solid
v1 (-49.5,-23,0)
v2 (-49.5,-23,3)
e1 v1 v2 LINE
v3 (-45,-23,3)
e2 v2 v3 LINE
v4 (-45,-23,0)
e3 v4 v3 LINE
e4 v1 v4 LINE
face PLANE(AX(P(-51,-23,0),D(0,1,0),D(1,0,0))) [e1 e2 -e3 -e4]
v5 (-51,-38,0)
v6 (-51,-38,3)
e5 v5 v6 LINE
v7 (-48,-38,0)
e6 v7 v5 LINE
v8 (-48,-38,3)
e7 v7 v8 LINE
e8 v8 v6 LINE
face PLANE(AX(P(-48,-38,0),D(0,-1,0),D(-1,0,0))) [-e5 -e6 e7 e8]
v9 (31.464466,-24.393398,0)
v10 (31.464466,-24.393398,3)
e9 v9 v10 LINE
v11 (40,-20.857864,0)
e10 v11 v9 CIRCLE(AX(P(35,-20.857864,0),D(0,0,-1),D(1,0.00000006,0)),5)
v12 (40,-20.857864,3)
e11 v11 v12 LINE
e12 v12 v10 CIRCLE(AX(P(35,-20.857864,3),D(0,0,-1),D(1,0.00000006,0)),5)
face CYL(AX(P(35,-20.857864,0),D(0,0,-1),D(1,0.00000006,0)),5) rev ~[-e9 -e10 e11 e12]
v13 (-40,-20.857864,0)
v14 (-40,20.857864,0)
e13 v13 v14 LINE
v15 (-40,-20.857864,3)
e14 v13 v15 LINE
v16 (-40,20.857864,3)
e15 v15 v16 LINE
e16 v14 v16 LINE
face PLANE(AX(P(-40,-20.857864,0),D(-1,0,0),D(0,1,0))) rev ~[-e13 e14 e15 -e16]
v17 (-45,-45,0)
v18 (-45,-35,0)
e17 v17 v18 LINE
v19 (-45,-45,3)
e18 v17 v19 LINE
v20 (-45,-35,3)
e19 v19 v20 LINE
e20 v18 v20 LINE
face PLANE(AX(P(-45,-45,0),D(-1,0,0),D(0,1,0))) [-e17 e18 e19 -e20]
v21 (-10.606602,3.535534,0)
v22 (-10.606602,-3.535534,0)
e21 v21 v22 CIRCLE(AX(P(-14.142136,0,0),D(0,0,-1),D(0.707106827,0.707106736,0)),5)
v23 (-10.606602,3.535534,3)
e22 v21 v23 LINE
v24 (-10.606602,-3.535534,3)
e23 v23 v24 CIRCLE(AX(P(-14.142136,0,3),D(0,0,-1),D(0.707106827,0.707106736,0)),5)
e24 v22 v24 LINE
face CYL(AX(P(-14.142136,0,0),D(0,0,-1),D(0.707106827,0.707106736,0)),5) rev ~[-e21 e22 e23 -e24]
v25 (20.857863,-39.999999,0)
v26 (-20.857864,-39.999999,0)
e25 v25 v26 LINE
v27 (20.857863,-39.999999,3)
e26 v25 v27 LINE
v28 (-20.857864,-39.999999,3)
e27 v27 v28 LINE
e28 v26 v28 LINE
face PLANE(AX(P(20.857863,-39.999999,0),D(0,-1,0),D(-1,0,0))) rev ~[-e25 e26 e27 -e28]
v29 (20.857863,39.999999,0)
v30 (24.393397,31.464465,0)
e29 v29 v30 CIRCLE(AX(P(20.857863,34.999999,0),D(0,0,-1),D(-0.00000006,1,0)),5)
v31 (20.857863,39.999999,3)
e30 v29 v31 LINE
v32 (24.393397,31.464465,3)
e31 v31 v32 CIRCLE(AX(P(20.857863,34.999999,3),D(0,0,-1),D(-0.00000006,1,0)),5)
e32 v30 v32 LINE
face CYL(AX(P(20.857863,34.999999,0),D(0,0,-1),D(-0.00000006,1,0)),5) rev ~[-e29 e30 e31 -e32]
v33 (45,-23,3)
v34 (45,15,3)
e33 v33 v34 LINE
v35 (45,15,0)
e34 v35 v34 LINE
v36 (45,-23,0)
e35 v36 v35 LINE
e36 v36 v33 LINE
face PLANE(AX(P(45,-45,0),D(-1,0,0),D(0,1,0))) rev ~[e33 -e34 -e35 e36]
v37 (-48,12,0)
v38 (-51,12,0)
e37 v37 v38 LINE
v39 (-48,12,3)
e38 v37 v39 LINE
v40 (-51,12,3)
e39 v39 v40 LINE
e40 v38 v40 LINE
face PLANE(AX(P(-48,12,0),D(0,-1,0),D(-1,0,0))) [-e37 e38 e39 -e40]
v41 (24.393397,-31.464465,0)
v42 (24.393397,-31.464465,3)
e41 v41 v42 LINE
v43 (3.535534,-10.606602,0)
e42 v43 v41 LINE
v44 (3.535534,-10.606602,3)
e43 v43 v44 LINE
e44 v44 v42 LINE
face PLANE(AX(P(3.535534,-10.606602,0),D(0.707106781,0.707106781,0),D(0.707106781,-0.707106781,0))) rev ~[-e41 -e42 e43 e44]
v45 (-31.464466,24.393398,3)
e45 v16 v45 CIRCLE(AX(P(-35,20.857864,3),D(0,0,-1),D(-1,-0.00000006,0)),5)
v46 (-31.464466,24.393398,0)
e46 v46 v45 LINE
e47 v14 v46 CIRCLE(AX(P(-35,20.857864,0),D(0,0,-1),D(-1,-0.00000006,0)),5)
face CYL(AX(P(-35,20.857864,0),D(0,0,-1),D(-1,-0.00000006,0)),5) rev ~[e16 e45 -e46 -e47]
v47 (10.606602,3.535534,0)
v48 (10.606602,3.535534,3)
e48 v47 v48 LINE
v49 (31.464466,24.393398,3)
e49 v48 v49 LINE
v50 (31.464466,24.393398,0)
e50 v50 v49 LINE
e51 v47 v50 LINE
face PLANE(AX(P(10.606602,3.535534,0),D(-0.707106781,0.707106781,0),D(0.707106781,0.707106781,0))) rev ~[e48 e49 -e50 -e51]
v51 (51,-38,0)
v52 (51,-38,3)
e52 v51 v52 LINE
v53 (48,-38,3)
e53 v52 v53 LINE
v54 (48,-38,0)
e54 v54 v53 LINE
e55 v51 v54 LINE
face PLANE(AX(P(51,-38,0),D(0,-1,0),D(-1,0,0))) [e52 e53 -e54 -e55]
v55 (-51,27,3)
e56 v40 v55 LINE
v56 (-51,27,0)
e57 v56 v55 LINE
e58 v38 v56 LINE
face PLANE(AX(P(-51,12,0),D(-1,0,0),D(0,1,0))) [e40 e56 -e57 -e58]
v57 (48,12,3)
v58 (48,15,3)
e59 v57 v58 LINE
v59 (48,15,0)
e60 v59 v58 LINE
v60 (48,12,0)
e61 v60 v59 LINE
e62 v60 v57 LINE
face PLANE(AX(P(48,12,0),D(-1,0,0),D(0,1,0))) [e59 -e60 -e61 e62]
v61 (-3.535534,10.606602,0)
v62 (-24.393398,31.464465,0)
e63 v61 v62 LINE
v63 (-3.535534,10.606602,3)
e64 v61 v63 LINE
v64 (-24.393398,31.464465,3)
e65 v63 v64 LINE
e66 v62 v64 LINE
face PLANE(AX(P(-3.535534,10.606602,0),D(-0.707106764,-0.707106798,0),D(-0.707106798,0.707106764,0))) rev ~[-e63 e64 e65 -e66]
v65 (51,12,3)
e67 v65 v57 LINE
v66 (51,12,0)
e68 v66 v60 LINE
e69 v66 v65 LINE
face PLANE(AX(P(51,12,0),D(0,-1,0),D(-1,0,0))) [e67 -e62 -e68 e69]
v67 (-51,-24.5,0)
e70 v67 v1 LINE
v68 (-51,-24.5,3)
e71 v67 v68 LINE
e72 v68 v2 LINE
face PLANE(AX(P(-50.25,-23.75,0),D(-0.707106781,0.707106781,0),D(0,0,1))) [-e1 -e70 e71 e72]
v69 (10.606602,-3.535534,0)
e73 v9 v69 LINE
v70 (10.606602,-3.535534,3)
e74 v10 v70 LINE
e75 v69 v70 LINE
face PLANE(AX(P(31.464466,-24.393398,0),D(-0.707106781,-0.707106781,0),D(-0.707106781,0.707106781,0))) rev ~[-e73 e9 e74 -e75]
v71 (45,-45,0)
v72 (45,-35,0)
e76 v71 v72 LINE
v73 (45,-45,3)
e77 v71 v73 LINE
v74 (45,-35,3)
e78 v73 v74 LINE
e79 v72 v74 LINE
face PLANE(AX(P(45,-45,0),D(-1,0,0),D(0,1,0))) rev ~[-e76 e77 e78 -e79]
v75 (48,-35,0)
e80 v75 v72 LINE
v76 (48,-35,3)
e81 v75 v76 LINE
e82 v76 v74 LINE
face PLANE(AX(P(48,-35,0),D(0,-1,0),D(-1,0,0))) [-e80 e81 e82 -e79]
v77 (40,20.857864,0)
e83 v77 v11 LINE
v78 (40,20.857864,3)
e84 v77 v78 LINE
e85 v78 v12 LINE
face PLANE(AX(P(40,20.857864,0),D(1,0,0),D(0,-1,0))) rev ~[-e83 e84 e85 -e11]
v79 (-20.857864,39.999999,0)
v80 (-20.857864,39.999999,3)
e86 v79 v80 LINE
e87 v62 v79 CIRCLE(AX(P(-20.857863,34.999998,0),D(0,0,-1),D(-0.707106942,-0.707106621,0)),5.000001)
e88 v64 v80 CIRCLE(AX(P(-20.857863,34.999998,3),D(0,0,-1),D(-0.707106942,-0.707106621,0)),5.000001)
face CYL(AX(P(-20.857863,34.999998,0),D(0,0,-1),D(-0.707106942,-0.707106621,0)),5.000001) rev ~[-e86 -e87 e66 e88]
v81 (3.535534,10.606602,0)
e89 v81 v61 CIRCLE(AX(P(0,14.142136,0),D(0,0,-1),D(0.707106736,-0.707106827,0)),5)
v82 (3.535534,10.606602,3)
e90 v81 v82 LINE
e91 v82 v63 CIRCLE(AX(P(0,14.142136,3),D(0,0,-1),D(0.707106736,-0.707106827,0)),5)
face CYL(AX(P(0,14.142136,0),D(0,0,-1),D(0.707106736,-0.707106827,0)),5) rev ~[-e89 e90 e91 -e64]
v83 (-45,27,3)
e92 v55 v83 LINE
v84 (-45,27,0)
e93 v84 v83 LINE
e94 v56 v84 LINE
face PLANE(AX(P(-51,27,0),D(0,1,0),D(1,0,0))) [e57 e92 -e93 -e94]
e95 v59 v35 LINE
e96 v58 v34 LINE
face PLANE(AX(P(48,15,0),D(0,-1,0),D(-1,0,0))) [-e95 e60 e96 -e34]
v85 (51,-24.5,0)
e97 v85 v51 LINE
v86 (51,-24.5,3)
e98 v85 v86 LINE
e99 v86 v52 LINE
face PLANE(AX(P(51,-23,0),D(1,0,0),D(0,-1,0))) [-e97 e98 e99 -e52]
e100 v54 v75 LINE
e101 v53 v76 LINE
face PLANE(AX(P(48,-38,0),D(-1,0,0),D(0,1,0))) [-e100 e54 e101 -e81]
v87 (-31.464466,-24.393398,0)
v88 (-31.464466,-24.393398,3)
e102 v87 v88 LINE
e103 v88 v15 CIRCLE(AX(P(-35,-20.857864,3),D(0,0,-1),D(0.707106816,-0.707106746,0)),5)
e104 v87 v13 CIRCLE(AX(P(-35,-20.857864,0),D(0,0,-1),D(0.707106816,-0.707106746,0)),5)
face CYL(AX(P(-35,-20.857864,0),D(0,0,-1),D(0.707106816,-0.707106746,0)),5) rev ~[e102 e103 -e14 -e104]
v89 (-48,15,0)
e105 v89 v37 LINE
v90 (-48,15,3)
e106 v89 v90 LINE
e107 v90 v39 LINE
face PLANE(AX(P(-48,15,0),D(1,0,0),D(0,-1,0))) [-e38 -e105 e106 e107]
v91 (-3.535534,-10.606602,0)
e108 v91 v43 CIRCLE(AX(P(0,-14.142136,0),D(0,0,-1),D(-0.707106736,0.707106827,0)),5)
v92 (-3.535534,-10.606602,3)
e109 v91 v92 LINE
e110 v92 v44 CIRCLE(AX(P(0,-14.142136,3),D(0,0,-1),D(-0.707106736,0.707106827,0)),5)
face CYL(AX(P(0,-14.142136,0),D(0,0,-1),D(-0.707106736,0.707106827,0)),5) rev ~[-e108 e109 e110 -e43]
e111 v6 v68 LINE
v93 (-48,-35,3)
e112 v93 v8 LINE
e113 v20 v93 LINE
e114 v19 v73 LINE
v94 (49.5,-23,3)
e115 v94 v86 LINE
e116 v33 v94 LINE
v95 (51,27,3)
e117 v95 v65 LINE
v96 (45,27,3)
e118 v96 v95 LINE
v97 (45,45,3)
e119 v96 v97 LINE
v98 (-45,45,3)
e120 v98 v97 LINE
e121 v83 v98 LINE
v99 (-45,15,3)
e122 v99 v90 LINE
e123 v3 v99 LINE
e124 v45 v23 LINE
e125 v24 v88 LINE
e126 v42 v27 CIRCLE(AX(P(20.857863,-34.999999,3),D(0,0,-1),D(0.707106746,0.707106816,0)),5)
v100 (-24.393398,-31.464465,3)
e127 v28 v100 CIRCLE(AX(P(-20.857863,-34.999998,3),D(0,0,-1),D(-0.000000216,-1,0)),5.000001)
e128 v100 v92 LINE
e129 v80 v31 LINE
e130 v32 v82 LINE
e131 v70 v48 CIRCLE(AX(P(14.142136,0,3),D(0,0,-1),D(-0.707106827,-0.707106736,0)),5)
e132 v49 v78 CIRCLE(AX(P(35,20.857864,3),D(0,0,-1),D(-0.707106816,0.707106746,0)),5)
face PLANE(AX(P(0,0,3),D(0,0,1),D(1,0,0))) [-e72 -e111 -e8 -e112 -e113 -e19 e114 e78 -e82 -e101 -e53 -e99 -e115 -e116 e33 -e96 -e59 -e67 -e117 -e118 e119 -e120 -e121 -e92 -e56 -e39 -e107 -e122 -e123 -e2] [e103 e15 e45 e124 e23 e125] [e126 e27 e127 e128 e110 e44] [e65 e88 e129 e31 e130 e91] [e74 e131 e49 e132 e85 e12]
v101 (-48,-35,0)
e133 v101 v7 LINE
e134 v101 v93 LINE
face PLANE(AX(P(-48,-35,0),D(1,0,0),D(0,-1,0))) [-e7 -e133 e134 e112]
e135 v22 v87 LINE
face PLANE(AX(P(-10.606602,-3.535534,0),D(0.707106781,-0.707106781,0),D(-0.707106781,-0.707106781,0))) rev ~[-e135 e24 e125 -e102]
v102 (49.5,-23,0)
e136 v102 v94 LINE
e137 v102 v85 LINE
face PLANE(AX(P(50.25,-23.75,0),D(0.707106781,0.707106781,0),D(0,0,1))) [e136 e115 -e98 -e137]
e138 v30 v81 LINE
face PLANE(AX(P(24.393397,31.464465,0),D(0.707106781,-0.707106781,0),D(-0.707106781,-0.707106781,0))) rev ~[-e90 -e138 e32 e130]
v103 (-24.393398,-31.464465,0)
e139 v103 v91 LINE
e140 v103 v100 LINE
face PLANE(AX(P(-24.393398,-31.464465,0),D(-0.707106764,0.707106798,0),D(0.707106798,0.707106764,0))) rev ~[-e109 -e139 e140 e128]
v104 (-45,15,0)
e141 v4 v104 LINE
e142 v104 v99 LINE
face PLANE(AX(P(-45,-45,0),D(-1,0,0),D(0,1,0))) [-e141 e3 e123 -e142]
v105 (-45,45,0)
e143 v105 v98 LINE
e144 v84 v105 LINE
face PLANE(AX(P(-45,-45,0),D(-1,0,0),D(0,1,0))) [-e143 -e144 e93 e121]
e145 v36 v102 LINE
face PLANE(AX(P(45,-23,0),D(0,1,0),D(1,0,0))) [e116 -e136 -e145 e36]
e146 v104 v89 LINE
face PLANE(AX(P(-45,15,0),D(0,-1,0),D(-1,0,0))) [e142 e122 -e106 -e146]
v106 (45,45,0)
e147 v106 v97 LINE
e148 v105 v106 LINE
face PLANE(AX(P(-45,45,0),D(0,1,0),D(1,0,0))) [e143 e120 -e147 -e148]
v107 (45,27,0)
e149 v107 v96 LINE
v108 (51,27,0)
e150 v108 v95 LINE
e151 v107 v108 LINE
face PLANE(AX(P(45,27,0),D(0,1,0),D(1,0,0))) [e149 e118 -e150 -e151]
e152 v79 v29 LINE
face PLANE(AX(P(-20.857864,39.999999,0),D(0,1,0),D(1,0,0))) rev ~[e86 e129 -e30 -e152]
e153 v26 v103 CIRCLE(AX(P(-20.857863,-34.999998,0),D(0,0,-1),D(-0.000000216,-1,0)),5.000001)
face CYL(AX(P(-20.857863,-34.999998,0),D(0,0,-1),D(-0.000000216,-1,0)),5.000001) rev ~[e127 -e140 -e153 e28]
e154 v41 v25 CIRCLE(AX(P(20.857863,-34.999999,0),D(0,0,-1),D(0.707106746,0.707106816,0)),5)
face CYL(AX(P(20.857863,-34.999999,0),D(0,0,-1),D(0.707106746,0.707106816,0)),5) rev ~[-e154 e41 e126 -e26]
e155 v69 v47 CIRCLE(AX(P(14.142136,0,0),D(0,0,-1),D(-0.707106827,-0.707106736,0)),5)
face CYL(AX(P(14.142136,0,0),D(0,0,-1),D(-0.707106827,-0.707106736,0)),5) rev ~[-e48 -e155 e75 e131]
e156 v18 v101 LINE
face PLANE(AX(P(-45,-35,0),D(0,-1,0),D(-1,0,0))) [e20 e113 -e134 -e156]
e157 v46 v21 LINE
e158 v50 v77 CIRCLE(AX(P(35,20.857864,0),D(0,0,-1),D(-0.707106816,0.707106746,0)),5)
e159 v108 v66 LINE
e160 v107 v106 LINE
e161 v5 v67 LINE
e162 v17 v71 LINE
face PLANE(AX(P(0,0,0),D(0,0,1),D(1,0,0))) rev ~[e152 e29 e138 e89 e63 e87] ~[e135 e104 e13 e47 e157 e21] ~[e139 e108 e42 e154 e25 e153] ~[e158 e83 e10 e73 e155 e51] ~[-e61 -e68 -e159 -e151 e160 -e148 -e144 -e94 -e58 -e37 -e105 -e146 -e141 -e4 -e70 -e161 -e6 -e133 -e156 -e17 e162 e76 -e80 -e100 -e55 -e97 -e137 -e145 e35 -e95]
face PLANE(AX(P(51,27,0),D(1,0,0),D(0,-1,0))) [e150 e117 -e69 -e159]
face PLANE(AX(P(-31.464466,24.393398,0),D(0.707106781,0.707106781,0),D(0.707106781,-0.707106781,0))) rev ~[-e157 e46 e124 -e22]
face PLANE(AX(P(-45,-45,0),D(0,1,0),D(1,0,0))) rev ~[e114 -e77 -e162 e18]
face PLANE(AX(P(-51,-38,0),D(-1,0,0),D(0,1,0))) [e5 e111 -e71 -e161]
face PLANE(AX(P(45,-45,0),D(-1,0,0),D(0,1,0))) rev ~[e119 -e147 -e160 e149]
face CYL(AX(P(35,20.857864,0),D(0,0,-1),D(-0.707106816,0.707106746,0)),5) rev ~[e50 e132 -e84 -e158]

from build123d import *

# Parameters (mm, degrees)
F0_W     = 90
F0_H     = 90
F1_DEPTH = 3
F3_DEPTH = 3
F4_SIZE  = 1.5


with BuildPart() as f1:
    # F0 (on Top) → F1 (new body)
    with BuildSketch(Plane.XY):
        Rectangle(F0_W, F0_H)
        with BuildLine():
            Line((3.535534, -10.606602), (24.393397, -31.464465))
            ThreePointArc((24.393397, -31.464465), (25.477261, -36.913416), (20.857863, -39.999999))
            Line((20.857863, -39.999999), (-20.857864, -39.999999))
            ThreePointArc((-20.857864, -39.999999), (-25.477261, -36.913416), (-24.393398, -31.464465))
            Line((-24.393398, -31.464465), (-3.535534, -10.606602))
            ThreePointArc((-3.535534, -10.606602), (0, -9.142136), (3.535534, -10.606602))
        make_face(mode=Mode.SUBTRACT)
        with BuildLine():
            ThreePointArc((-40, 20.857864), (-36.913417, 25.477262), (-31.464466, 24.393398))
            Line((-31.464466, 24.393398), (-10.606602, 3.535534))
            ThreePointArc((-10.606602, 3.535534), (-9.142136, 0), (-10.606602, -3.535534))
            Line((-10.606602, -3.535534), (-31.464466, -24.393398))
            ThreePointArc((-31.464466, -24.393398), (-36.913417, -25.477262), (-40, -20.857864))
            Line((-40, -20.857864), (-40, 20.857864))
        make_face(mode=Mode.SUBTRACT)
        with BuildLine():
            ThreePointArc((20.857863, 39.999999), (25.477261, 36.913416), (24.393397, 31.464465))
            Line((24.393397, 31.464465), (3.535534, 10.606602))
            ThreePointArc((3.535534, 10.606602), (0, 9.142136), (-3.535534, 10.606602))
            Line((-3.535534, 10.606602), (-24.393398, 31.464465))
            ThreePointArc((-24.393398, 31.464465), (-25.477261, 36.913416), (-20.857864, 39.999999))
            Line((-20.857864, 39.999999), (20.857863, 39.999999))
        make_face(mode=Mode.SUBTRACT)
        with BuildLine():
            Line((10.606602, 3.535534), (31.464466, 24.393398))
            ThreePointArc((31.464466, 24.393398), (36.913417, 25.477262), (40, 20.857864))
            Line((40, 20.857864), (40, -20.857864))
            ThreePointArc((40, -20.857864), (36.913417, -25.477262), (31.464466, -24.393398))
            Line((31.464466, -24.393398), (10.606602, -3.535534))
            ThreePointArc((10.606602, -3.535534), (9.142136, 0), (10.606602, 3.535534))
        make_face(mode=Mode.SUBTRACT)
    extrude(amount=F1_DEPTH)

    # F2 (on face) → F3 (join, through all)
    with BuildSketch(Plane(origin=(0, 0, 0), x_dir=(1, 0, 0), z_dir=(0, 0, -1))):
        Polygon((45, -15), (45, -27), (51, -27), (51, -12), (48, -12), (48, -15), align=None)
        Polygon((45, 35), (45, 23), (51, 23), (51, 38), (48, 38), (48, 35), align=None)
        Polygon((-45, -15), (-48, -15), (-48, -12), (-51, -12), (-51, -27), (-45, -27), align=None)
        Polygon((-45, 23), (-45, 35), (-48, 35), (-48, 38), (-51, 38), (-51, 23), align=None)
    extrude(amount=-F3_DEPTH)

    # F4
    f4_edges = [f1.edges().sort_by_distance(p)[0] for p in [
        (-51, -23, 1.5),
        (51, -23, 1.5),
    ]]
    chamfer(f4_edges, length=F4_SIZE)


solid = f1.part
